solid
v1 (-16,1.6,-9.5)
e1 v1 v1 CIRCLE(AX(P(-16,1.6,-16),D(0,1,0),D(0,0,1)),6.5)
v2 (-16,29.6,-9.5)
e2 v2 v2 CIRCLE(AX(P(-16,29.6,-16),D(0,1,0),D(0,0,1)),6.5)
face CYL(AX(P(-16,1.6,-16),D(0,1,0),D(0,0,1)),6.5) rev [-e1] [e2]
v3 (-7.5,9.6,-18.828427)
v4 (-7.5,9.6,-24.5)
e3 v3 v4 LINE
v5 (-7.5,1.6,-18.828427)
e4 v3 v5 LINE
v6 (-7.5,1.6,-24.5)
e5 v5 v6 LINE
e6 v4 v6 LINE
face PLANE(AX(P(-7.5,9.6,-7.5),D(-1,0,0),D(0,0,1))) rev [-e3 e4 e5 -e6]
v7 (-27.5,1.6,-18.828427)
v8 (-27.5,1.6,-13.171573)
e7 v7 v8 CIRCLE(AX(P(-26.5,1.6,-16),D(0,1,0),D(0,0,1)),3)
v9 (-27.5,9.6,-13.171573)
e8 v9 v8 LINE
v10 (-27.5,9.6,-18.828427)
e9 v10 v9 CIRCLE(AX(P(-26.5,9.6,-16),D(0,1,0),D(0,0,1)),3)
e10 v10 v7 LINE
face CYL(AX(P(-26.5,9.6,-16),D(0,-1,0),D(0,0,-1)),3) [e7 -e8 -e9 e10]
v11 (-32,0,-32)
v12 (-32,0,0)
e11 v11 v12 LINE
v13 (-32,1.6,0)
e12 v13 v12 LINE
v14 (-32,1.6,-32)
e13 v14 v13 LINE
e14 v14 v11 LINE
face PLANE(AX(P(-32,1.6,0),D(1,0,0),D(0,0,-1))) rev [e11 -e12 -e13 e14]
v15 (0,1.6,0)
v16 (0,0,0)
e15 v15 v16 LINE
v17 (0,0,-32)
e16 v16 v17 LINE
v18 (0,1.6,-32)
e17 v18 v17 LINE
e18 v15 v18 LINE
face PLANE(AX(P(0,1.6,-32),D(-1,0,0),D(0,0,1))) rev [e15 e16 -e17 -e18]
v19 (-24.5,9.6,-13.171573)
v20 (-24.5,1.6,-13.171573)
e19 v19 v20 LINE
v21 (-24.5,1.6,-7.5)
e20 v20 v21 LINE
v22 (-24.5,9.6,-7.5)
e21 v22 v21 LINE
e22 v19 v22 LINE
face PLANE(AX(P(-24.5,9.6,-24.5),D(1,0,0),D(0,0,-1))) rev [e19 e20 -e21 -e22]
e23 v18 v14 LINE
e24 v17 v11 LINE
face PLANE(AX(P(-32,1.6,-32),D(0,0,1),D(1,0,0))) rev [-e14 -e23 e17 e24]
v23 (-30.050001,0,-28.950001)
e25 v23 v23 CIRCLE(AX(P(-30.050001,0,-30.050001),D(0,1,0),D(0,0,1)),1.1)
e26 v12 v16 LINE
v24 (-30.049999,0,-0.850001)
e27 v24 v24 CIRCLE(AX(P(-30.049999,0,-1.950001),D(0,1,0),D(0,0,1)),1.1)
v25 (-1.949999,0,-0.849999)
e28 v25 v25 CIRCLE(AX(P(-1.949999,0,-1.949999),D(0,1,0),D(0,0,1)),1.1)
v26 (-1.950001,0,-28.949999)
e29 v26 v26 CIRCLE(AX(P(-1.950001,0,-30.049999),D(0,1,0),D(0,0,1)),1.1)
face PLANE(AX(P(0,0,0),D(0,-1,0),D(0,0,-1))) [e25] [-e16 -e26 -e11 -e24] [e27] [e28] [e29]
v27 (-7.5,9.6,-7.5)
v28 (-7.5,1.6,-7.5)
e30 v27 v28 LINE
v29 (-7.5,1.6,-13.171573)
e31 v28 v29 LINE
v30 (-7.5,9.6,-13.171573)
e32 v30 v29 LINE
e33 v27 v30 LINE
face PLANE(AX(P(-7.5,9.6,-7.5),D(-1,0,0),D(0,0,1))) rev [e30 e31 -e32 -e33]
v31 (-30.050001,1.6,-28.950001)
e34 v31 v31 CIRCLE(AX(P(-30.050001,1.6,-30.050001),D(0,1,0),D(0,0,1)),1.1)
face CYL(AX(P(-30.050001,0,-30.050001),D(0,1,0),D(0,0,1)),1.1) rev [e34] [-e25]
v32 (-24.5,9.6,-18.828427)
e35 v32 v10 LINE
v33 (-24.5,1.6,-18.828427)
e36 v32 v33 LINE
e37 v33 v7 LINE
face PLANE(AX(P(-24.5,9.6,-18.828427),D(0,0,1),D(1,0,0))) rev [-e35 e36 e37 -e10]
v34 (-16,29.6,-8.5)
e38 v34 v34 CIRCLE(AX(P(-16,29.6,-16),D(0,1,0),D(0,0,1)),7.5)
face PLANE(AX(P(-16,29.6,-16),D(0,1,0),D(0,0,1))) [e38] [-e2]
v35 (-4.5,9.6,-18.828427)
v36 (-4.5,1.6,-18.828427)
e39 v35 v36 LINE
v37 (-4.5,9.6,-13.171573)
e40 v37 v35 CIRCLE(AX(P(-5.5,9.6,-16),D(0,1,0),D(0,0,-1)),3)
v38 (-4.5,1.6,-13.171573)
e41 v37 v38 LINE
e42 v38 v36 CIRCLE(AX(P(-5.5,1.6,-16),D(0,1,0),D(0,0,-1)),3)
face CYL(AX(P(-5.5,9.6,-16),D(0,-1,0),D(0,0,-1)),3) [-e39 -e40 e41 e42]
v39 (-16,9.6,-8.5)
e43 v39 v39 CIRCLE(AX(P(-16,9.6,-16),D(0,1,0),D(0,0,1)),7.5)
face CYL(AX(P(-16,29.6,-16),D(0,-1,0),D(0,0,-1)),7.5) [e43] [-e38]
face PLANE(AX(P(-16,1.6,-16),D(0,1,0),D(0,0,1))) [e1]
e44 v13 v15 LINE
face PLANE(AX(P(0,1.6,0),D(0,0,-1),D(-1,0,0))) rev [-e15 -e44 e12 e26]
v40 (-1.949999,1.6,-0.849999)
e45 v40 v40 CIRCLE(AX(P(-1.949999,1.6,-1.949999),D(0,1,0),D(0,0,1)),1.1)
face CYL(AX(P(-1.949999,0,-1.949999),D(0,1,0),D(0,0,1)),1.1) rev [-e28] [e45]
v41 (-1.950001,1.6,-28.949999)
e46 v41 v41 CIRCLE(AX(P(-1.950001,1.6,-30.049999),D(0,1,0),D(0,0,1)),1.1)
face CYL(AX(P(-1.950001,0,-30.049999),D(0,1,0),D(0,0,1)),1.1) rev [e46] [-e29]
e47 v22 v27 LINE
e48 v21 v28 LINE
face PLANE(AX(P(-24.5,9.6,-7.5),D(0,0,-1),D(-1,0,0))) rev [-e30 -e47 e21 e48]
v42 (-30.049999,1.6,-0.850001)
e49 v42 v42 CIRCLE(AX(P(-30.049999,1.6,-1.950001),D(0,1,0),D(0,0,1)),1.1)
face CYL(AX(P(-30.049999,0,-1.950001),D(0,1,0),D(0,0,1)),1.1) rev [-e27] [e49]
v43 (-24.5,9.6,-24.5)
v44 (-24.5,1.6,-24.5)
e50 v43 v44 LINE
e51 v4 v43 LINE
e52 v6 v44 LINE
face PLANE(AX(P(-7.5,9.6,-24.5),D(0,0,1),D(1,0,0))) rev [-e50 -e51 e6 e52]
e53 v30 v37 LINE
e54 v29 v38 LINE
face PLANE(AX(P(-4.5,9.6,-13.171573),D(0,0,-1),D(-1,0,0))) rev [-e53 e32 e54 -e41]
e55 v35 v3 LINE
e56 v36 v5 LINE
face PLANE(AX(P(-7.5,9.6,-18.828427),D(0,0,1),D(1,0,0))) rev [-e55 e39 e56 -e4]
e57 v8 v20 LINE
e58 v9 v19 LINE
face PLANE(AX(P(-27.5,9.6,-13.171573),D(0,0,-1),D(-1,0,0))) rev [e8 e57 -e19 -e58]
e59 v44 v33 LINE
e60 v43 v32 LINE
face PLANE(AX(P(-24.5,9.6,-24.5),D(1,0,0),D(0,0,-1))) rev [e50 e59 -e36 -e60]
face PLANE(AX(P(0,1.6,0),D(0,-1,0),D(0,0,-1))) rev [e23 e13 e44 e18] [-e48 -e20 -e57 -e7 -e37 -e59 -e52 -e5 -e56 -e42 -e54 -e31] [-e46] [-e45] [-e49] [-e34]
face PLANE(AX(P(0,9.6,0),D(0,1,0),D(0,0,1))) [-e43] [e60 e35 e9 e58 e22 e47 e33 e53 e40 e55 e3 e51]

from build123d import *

# Parameters (mm, degrees)
SKETCH1_W            = 32
SKETCH1_H            = 32
PCB_THICKNESS_DEPTH  = 1.6
SKETCH2_W            = 17
SKETCH2_H            = 17
LENS_1_DEPTH         = 8
SKETCH3_R            = 7.5
LENS_2_DEPTH         = 20
LENS_3_DEPTH         = 8
SKETCH7_R            = 6.5
LENS_4_DEPTH         = 28
SKETCH5_R            = 1.1
MOUNTING_HOLES_DEPTH = 54.216538783


with BuildPart() as part:
    # Sketch1 → pcb_thickness (new body)
    with BuildSketch(Plane(origin=(0, 0, 0), x_dir=(1, 0, 0), z_dir=(0, 1, 0))):
        with Locations((-16, 16)):
            Rectangle(SKETCH1_W, SKETCH1_H)
    extrude(amount=PCB_THICKNESS_DEPTH)

    # Sketch2 → lens_1 (add)
    with BuildSketch(Plane(origin=(0, 1.6, 0), x_dir=(1, 0, 0), z_dir=(0, 1, 0))):
        with Locations((-16, 16)):
            Rectangle(SKETCH2_W, SKETCH2_H)
    extrude(amount=LENS_1_DEPTH)

    # Sketch3 → lens_2 (add)
    with BuildSketch(Plane(origin=(0, 9.6, 0), x_dir=(1, 0, 0), z_dir=(0, 1, 0))):
        with Locations(Location((-16, 16, 0), (0, 0, 270))):
            Circle(SKETCH3_R)
    extrude(amount=LENS_2_DEPTH)

    # Sketch6 → lens_3 (add)
    with BuildSketch(Plane(origin=(0, 1.6, 0), x_dir=(1, 0, 0), z_dir=(0, 1, 0))):
        with BuildLine():
            Line((-24.5, 18.828427125), (-27.5, 18.828427125))
            ThreePointArc((-27.5, 18.828427125), (-29.5, 16), (-27.5, 13.171572875))
            Line((-27.5, 13.171572875), (-24.5, 13.171572875))
            Line((-24.5, 13.171572875), (-24.5, 18.828427125))
        make_face()
        with BuildLine():
            Line((-7.5, 18.828427125), (-4.5, 18.828427125))
            ThreePointArc((-4.5, 18.828427125), (-2.5, 16), (-4.5, 13.171572875))
            Line((-4.5, 13.171572875), (-7.5, 13.171572875))
            Line((-7.5, 13.171572875), (-7.5, 18.828427125))
        make_face()
    extrude(amount=LENS_3_DEPTH)

    # Sketch7 → lens_4 (cut)
    with BuildSketch(Plane(origin=(0, 29.6, 0), x_dir=(1, 0, 0), z_dir=(0, 1, 0))):
        with Locations(Location((-16, 16, 0), (0, 0, 270))):
            Circle(SKETCH7_R)
    extrude(amount=-LENS_4_DEPTH, mode=Mode.SUBTRACT)

    # Sketch5 → mounting_holes (cut, through all)
    with BuildSketch(Plane(origin=(0, 1.6, 0), x_dir=(1, 0, 0), z_dir=(0, 1, 0))):
        with Locations(Location((-30.050000926, 30.050000926, 0), (0, 0, 270))):
            Circle(SKETCH5_R)
        with Locations(Location((-1.950000926, 30.049999074, 0), (0, 0, 270))):
            Circle(SKETCH5_R)
        with Locations(Location((-1.949999074, 1.949999074, 0), (0, 0, 270))):
            Circle(SKETCH5_R)
        with Locations(Location((-30.049999074, 1.950000926, 0), (0, 0, 270))):
            Circle(SKETCH5_R)
    extrude(amount=-MOUNTING_HOLES_DEPTH, mode=Mode.SUBTRACT)


solid = part.part
